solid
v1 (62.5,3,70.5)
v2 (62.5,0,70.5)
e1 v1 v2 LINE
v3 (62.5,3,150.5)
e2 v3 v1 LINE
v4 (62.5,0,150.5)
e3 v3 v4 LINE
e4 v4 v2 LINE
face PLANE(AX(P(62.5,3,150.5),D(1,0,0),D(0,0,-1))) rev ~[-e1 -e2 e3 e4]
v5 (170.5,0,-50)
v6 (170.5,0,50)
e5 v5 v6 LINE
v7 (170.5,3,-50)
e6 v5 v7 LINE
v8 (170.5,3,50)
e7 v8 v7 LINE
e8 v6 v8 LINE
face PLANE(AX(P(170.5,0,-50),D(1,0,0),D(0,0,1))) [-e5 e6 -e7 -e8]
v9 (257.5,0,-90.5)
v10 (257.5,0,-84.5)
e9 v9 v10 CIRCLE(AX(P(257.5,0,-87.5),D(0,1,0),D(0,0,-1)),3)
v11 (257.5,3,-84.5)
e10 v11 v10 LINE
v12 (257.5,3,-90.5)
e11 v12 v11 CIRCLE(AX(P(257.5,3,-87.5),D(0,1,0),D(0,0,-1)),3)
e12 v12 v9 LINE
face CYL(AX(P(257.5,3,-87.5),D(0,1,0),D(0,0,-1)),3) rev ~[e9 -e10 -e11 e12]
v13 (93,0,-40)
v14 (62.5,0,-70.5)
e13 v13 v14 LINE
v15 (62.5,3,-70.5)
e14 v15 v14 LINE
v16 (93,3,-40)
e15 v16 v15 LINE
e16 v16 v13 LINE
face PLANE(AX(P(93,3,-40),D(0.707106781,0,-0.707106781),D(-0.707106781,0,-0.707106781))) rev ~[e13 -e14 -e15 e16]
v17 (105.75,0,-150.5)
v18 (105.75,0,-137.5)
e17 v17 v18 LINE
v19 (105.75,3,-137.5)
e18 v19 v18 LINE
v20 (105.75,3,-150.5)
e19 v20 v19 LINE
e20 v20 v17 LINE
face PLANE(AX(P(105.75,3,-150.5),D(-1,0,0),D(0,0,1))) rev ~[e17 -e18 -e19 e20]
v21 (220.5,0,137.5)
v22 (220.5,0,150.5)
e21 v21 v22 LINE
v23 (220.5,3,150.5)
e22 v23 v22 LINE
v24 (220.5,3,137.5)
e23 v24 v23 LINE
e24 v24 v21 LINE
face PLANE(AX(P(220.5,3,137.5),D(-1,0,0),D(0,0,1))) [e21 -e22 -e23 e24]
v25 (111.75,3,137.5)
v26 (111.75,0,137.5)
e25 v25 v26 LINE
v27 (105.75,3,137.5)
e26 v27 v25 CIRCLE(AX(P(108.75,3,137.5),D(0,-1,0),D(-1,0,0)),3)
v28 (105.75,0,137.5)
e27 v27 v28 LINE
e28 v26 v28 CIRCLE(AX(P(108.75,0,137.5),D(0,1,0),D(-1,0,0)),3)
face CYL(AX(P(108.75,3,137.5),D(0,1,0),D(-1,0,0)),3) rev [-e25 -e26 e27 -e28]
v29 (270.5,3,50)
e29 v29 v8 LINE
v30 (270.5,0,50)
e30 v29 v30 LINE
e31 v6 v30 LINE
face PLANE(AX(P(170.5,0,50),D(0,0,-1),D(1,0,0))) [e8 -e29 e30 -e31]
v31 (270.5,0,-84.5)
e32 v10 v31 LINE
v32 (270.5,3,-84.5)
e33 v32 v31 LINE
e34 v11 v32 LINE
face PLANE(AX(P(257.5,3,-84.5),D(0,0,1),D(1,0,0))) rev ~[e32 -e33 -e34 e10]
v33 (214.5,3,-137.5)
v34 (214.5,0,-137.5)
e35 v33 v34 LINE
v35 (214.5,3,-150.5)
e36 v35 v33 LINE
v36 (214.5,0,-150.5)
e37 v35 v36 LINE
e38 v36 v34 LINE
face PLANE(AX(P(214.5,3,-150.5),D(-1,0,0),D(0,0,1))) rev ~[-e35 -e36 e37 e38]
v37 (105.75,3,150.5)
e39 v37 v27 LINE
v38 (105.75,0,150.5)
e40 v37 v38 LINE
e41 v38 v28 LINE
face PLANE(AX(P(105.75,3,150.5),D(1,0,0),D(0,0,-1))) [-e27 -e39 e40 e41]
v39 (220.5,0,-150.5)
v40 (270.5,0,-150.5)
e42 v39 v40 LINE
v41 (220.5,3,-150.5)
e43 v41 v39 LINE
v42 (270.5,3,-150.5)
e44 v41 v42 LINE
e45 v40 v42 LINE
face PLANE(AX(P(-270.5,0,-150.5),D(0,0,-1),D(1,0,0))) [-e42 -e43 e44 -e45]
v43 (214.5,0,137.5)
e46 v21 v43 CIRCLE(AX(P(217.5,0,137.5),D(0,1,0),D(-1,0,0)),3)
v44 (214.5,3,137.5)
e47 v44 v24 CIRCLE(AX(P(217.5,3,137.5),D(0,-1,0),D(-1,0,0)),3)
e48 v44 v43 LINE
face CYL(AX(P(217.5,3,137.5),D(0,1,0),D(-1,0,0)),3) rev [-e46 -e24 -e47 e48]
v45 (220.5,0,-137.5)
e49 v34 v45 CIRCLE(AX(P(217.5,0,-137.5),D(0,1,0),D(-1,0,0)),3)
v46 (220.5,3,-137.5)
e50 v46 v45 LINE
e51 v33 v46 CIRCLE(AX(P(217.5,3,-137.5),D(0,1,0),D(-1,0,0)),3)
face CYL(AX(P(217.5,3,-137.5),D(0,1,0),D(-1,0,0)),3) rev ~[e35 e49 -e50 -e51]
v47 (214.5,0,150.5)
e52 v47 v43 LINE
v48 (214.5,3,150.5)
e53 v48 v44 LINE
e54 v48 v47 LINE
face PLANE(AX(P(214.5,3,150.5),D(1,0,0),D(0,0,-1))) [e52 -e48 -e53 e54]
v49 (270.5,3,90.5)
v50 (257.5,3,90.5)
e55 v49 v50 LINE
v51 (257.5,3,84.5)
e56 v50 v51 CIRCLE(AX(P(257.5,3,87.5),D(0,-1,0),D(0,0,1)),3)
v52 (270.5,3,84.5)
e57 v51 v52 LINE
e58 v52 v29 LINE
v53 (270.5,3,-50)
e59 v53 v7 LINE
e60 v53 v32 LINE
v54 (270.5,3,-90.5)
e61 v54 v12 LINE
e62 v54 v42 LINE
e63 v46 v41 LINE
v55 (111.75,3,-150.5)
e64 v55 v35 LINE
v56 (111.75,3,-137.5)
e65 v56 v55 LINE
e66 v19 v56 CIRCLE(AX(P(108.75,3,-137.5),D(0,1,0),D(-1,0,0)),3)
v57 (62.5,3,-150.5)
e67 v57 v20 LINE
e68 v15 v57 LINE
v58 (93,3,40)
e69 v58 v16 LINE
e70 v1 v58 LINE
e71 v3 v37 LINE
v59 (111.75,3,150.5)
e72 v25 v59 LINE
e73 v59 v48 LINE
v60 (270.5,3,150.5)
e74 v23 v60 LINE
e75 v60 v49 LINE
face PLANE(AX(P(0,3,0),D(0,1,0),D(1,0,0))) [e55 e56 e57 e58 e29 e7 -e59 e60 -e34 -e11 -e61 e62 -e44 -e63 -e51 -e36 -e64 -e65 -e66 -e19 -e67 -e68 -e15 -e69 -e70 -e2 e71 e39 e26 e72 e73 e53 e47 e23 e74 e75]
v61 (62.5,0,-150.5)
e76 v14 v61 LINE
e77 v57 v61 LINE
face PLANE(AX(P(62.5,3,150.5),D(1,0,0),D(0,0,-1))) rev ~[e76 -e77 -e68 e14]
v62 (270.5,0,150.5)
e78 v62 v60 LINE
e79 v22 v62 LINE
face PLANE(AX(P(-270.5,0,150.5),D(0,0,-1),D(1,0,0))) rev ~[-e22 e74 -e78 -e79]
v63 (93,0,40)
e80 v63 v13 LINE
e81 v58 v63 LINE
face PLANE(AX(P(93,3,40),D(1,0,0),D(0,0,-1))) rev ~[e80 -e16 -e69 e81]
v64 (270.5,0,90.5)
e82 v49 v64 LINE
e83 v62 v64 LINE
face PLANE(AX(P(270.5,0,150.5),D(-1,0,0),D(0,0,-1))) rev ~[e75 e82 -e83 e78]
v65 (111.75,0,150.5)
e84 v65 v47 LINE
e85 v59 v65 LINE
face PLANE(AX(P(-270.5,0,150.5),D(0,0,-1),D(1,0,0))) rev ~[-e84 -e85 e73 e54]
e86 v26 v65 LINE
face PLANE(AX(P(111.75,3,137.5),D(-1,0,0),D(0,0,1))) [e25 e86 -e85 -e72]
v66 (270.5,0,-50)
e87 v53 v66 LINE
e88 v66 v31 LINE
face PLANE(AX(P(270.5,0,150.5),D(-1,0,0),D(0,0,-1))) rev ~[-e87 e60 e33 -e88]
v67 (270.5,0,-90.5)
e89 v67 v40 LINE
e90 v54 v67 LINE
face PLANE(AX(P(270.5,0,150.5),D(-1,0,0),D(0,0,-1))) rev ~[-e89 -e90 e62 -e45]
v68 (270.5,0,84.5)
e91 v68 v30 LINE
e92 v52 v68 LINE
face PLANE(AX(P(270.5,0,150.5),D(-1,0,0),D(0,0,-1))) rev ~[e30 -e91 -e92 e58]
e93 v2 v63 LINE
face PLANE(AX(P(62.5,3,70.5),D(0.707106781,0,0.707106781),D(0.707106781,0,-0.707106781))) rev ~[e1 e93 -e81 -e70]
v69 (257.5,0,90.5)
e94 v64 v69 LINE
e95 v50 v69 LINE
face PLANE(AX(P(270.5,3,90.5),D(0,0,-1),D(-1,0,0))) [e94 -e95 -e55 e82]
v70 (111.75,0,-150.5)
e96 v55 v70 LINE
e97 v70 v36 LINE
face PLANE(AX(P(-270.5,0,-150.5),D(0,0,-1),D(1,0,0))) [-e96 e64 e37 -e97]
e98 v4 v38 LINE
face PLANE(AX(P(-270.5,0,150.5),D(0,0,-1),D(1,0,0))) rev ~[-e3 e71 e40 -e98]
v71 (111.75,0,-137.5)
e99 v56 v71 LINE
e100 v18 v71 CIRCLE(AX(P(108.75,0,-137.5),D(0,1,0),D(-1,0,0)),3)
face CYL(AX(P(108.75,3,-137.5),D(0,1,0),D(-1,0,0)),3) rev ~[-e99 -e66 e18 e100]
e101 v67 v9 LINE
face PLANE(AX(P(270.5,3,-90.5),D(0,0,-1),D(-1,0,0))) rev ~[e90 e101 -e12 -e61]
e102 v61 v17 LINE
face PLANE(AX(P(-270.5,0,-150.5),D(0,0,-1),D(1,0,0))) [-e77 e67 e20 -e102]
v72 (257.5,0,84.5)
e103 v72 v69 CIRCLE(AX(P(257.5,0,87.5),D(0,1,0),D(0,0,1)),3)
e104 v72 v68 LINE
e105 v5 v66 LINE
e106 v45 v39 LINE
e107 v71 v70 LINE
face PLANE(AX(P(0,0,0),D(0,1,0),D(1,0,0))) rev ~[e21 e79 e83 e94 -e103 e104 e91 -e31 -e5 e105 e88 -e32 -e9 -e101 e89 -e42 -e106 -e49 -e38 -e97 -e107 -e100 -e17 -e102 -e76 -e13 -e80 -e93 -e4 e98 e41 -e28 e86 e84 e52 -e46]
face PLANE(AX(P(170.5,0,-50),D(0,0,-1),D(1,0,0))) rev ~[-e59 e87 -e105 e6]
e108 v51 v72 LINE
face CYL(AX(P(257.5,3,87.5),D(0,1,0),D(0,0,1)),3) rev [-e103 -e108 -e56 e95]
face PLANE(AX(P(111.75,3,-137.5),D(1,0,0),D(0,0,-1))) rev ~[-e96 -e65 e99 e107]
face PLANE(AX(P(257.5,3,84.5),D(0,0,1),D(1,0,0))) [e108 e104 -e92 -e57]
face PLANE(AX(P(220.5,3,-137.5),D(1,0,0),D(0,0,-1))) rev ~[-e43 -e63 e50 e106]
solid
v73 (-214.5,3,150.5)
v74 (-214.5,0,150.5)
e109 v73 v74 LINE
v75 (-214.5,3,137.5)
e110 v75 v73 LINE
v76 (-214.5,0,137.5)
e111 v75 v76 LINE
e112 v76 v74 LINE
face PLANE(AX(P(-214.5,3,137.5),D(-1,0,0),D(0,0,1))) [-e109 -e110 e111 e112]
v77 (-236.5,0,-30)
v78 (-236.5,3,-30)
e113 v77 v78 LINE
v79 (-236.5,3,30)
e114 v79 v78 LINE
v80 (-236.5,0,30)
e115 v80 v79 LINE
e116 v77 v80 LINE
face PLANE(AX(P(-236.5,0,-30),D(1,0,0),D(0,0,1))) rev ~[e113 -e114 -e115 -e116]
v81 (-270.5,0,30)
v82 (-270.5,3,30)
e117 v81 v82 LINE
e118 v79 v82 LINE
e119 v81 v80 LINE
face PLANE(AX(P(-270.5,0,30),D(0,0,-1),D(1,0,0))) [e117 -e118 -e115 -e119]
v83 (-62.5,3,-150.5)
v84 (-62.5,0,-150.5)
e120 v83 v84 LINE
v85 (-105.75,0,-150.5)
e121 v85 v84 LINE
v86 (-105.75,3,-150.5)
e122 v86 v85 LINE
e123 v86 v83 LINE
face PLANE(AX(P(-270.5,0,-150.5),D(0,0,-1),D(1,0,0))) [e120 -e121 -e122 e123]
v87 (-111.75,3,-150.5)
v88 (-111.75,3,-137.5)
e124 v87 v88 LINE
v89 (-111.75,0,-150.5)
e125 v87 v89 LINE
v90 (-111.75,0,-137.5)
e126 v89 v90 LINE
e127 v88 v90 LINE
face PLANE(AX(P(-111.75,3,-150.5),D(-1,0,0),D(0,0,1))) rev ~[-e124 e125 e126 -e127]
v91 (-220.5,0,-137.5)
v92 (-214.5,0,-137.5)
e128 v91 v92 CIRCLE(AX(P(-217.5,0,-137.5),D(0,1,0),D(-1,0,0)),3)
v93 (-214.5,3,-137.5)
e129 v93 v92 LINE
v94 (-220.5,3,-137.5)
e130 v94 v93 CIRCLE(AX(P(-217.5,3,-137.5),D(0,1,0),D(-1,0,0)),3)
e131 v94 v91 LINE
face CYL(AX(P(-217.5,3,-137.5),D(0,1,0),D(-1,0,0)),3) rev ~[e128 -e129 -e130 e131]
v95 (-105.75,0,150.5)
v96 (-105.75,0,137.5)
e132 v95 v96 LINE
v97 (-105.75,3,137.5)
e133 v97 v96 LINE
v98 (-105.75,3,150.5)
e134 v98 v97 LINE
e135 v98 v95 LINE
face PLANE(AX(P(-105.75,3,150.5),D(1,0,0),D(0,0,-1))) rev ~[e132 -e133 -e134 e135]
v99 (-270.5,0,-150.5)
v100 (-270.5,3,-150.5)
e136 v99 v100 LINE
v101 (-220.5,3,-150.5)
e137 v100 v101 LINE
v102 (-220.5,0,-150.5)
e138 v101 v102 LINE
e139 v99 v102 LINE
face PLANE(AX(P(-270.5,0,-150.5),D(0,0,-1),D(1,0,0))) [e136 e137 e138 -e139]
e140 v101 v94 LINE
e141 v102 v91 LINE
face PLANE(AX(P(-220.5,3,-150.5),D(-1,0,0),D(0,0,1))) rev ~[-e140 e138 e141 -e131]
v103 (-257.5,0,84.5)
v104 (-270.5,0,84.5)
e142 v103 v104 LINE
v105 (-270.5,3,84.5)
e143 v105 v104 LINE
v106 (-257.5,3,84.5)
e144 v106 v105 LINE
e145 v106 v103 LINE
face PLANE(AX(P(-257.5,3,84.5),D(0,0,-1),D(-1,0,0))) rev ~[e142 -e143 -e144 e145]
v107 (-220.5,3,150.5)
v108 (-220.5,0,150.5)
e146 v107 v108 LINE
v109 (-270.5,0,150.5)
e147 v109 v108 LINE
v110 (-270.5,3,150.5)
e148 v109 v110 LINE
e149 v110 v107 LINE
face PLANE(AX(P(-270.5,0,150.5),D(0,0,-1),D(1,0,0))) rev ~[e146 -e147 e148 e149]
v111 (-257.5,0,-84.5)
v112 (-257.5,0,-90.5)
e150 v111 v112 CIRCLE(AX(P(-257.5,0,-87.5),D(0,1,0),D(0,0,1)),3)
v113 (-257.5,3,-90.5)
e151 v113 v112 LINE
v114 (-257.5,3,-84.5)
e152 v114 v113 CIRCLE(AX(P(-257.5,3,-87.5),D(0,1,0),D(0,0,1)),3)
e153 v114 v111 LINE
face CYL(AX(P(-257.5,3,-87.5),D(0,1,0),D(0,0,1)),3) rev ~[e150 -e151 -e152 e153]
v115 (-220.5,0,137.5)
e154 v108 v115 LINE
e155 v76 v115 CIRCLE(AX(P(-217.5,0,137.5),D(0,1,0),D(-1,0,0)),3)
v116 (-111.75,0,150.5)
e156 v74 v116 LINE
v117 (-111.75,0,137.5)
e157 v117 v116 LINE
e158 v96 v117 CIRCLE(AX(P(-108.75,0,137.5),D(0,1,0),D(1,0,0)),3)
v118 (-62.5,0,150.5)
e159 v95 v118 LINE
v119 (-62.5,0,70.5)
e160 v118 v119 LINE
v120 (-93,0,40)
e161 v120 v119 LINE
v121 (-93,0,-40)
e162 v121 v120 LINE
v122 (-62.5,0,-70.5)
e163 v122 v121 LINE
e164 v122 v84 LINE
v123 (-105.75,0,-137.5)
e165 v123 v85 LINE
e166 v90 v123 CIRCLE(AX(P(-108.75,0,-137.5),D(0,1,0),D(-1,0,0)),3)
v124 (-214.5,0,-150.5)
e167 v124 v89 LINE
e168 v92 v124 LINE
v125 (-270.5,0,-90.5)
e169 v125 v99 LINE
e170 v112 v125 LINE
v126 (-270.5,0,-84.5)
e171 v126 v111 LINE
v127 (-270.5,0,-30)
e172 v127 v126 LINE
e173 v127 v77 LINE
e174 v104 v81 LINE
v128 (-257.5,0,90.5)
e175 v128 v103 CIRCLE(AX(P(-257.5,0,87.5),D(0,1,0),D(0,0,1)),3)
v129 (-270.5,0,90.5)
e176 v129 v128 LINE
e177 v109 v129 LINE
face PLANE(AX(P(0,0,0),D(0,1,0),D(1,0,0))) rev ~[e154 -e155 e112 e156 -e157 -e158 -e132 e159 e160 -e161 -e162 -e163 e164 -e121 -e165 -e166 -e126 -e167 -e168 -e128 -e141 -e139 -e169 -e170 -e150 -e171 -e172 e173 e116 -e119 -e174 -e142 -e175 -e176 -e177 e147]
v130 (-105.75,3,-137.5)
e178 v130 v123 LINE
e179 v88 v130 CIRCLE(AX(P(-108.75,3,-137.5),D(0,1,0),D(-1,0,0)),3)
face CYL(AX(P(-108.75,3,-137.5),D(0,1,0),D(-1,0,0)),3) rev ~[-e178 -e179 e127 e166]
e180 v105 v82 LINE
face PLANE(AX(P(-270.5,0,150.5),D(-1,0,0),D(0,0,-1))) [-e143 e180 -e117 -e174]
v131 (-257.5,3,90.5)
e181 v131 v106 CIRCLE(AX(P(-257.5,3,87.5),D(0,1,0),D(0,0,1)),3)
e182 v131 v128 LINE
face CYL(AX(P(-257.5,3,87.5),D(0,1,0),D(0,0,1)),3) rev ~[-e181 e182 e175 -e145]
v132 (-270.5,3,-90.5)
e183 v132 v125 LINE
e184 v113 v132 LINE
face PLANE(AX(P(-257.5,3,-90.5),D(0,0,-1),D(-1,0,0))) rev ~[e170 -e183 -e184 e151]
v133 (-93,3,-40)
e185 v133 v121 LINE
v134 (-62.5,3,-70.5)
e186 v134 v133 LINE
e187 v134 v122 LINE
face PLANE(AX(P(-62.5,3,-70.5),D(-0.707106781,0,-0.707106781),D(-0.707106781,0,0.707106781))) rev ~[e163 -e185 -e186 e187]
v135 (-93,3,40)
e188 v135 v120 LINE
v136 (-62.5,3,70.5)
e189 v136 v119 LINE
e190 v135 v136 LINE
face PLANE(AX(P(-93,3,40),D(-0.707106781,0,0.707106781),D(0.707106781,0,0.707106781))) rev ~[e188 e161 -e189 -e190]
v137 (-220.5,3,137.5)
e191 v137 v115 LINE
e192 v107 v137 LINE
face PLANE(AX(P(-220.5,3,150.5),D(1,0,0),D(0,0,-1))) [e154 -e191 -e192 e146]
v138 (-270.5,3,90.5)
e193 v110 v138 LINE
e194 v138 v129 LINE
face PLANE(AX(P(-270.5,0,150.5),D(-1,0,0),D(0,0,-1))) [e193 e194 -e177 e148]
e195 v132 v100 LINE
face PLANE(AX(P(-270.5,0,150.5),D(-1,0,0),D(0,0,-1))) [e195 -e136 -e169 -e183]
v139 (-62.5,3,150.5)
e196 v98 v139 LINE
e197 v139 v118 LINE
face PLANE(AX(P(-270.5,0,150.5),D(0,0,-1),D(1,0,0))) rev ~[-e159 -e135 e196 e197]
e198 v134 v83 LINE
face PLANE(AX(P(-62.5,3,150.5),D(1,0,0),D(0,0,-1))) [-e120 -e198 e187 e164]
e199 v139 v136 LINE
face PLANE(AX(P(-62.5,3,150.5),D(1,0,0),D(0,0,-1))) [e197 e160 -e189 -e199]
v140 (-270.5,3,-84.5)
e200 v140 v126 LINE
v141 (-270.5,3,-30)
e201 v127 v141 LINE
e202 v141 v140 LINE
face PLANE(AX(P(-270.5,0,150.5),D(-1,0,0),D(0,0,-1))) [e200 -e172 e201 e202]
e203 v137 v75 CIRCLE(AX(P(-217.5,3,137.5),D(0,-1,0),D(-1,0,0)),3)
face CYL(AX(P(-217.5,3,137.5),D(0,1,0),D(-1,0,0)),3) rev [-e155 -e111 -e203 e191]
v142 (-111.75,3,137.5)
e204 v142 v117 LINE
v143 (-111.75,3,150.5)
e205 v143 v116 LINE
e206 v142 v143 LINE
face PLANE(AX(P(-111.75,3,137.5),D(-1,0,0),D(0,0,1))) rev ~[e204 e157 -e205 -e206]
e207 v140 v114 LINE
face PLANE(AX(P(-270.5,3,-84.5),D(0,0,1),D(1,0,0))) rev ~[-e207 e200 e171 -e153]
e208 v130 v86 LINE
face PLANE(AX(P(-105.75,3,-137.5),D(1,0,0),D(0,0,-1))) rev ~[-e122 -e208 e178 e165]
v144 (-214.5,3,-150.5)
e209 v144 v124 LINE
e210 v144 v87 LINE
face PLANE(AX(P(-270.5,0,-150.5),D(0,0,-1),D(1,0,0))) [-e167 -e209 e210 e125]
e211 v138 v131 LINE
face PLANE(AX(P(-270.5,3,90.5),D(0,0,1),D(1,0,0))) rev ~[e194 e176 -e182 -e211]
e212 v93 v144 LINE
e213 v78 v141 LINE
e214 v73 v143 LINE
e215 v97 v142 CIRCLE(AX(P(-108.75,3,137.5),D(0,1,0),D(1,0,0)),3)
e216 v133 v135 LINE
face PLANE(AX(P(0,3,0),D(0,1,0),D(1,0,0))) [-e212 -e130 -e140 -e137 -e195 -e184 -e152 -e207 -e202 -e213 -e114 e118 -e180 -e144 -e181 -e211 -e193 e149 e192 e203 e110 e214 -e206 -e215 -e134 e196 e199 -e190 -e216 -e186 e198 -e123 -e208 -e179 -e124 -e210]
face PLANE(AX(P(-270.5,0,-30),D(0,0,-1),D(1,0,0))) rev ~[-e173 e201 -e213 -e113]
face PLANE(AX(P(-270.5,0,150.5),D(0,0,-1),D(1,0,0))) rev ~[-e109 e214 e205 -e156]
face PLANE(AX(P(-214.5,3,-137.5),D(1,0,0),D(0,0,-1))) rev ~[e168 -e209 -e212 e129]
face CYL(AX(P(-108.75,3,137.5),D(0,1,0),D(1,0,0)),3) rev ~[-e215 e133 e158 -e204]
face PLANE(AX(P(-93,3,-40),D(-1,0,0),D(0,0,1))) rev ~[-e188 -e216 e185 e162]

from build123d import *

# Parameters (mm, degrees)
SKETCH1_W           = 541
SKETCH1_H           = 301
BOSS_EXTRUDE1_DEPTH = 3
SKETCH2_W           = 34
SKETCH2_H           = 60
CUT_EXTRUDE1_DEPTH  = 10
SKETCH3_W           = 200
SKETCH3_H           = 100
CUT_EXTRUDE2_DEPTH  = 5
SKETCH4_W           = 125
SKETCH4_H           = 301
CUT_EXTRUDE3_DEPTH  = 5
CUT_EXTRUDE4_DEPTH  = 10
CUT_EXTRUDE5_DEPTH  = 10


with BuildPart() as part:
    # Sketch1 → Boss-Extrude1 (new body)
    with BuildSketch(Plane(origin=(0, 0, 0), x_dir=(1, 0, 0), z_dir=(0, 1, 0))):
        Rectangle(SKETCH1_W, SKETCH1_H)
    extrude(amount=BOSS_EXTRUDE1_DEPTH)

    # Sketch2 → Cut-Extrude1 (cut)
    with BuildSketch(Plane.XZ):
        with Locations((-253.5, 0)):
            Rectangle(SKETCH2_W, SKETCH2_H)
    extrude(amount=-CUT_EXTRUDE1_DEPTH, mode=Mode.SUBTRACT)

    # Sketch3 → Cut-Extrude2 (cut)
    with BuildSketch(Plane.XZ):
        with Locations((270.5, 0)):
            Rectangle(SKETCH3_W, SKETCH3_H)
    extrude(amount=-CUT_EXTRUDE2_DEPTH, mode=Mode.SUBTRACT)

    # Sketch4 → Cut-Extrude3 (cut)
    with BuildSketch(Plane(origin=(0, 3, 0), x_dir=(1, 0, 0), z_dir=(0, 1, 0))):
        Rectangle(SKETCH4_W, SKETCH4_H)
    extrude(amount=-CUT_EXTRUDE3_DEPTH, mode=Mode.SUBTRACT)

    # Sketch5 → Cut-Extrude4 (cut)
    with BuildSketch(Plane(origin=(0, 3, 0), x_dir=(1, 0, 0), z_dir=(0, 1, 0))):
        with BuildLine():
            Line((-270.5, -84.5), (-270.5, -90.5))
            Line((-270.5, -90.5), (-257.5, -90.5))
            ThreePointArc((-257.5, -90.5), (-254.5, -87.5), (-257.5, -84.5))
            Line((-257.5, -84.5), (-270.5, -84.5))
        make_face()
        with BuildLine():
            Line((-111.75, -150.5), (-105.75, -150.5))
            Line((-105.75, -150.5), (-105.75, -137.5))
            ThreePointArc((-105.75, -137.5), (-108.75, -134.5), (-111.75, -137.5))
            Line((-111.75, -137.5), (-111.75, -150.5))
        make_face()
        with BuildLine():
            Line((-257.5, 90.5), (-270.5, 90.5))
            Line((-270.5, 90.5), (-270.5, 84.5))
            Line((-270.5, 84.5), (-257.5, 84.5))
            ThreePointArc((-257.5, 84.5), (-254.5, 87.5), (-257.5, 90.5))
        make_face()
        with BuildLine():
            Line((-214.5, 150.5), (-220.5, 150.5))
            Line((-220.5, 150.5), (-220.5, 137.5))
            ThreePointArc((-220.5, 137.5), (-217.5, 134.5), (-214.5, 137.5))
            Line((-214.5, 137.5), (-214.5, 150.5))
        make_face()
        with BuildLine():
            Line((105.75, 150.5), (105.75, 137.5))
            ThreePointArc((105.75, 137.5), (108.75, 134.5), (111.75, 137.5))
            Line((111.75, 137.5), (111.75, 150.5))
            Line((111.75, 150.5), (105.75, 150.5))
        make_face()
        with BuildLine():
            Line((214.5, 150.5), (214.5, 137.5))
            ThreePointArc((214.5, 137.5), (217.5, 134.5), (220.5, 137.5))
            Line((220.5, 137.5), (220.5, 150.5))
            Line((220.5, 150.5), (214.5, 150.5))
        make_face()
        with BuildLine():
            Line((270.5, 90.5), (257.5, 90.5))
            ThreePointArc((257.5, 90.5), (254.5, 87.5), (257.5, 84.5))
            Line((257.5, 84.5), (270.5, 84.5))
            Line((270.5, 84.5), (270.5, 90.5))
        make_face()
        with BuildLine():
            ThreePointArc((257.5, -90.5), (254.5, -87.5), (257.5, -84.5))
            Line((257.5, -84.5), (270.5, -84.5))
            Line((270.5, -84.5), (270.5, -90.5))
            Line((270.5, -90.5), (257.5, -90.5))
        make_face()
        with BuildLine():
            ThreePointArc((214.5, -137.5), (217.5, -134.5), (220.5, -137.5))
            Line((220.5, -137.5), (220.5, -150.5))
            Line((220.5, -150.5), (214.5, -150.5))
            Line((214.5, -150.5), (214.5, -137.5))
        make_face()
        with BuildLine():
            ThreePointArc((105.75, -137.5), (108.75, -134.5), (111.75, -137.5))
            Line((111.75, -137.5), (111.75, -150.5))
            Line((111.75, -150.5), (105.75, -150.5))
            Line((105.75, -150.5), (105.75, -137.5))
        make_face()
        with BuildLine():
            Line((-214.5, -137.5), (-214.5, -150.5))
            Line((-214.5, -150.5), (-220.5, -150.5))
            Line((-220.5, -150.5), (-220.5, -137.5))
            ThreePointArc((-220.5, -137.5), (-217.5, -134.5), (-214.5, -137.5))
        make_face()
        with BuildLine():
            Line((-105.75, 137.5), (-105.75, 150.5))
            Line((-105.75, 150.5), (-111.75, 150.5))
            Line((-111.75, 150.5), (-111.75, 137.5))
            ThreePointArc((-111.75, 137.5), (-108.75, 134.5), (-105.75, 137.5))
        make_face()
    extrude(amount=-CUT_EXTRUDE4_DEPTH, mode=Mode.SUBTRACT)

    # Sketch6 → Cut-Extrude5 (cut)
    with BuildSketch(Plane(origin=(0, 3, 0), x_dir=(1, 0, 0), z_dir=(0, 1, 0))):
        Polygon((62.5, 150.5), (-62.5, 150.5), (-62.5, 70.5), (-93, 40), (-93, -40), (-62.5, -70.5), (-62.5, -150.5), (62.5, -150.5), (62.5, -70.5), (93, -40), (93, 40), (62.5, 70.5), align=None)
    extrude(amount=-CUT_EXTRUDE5_DEPTH, mode=Mode.SUBTRACT)


solid = part.part
